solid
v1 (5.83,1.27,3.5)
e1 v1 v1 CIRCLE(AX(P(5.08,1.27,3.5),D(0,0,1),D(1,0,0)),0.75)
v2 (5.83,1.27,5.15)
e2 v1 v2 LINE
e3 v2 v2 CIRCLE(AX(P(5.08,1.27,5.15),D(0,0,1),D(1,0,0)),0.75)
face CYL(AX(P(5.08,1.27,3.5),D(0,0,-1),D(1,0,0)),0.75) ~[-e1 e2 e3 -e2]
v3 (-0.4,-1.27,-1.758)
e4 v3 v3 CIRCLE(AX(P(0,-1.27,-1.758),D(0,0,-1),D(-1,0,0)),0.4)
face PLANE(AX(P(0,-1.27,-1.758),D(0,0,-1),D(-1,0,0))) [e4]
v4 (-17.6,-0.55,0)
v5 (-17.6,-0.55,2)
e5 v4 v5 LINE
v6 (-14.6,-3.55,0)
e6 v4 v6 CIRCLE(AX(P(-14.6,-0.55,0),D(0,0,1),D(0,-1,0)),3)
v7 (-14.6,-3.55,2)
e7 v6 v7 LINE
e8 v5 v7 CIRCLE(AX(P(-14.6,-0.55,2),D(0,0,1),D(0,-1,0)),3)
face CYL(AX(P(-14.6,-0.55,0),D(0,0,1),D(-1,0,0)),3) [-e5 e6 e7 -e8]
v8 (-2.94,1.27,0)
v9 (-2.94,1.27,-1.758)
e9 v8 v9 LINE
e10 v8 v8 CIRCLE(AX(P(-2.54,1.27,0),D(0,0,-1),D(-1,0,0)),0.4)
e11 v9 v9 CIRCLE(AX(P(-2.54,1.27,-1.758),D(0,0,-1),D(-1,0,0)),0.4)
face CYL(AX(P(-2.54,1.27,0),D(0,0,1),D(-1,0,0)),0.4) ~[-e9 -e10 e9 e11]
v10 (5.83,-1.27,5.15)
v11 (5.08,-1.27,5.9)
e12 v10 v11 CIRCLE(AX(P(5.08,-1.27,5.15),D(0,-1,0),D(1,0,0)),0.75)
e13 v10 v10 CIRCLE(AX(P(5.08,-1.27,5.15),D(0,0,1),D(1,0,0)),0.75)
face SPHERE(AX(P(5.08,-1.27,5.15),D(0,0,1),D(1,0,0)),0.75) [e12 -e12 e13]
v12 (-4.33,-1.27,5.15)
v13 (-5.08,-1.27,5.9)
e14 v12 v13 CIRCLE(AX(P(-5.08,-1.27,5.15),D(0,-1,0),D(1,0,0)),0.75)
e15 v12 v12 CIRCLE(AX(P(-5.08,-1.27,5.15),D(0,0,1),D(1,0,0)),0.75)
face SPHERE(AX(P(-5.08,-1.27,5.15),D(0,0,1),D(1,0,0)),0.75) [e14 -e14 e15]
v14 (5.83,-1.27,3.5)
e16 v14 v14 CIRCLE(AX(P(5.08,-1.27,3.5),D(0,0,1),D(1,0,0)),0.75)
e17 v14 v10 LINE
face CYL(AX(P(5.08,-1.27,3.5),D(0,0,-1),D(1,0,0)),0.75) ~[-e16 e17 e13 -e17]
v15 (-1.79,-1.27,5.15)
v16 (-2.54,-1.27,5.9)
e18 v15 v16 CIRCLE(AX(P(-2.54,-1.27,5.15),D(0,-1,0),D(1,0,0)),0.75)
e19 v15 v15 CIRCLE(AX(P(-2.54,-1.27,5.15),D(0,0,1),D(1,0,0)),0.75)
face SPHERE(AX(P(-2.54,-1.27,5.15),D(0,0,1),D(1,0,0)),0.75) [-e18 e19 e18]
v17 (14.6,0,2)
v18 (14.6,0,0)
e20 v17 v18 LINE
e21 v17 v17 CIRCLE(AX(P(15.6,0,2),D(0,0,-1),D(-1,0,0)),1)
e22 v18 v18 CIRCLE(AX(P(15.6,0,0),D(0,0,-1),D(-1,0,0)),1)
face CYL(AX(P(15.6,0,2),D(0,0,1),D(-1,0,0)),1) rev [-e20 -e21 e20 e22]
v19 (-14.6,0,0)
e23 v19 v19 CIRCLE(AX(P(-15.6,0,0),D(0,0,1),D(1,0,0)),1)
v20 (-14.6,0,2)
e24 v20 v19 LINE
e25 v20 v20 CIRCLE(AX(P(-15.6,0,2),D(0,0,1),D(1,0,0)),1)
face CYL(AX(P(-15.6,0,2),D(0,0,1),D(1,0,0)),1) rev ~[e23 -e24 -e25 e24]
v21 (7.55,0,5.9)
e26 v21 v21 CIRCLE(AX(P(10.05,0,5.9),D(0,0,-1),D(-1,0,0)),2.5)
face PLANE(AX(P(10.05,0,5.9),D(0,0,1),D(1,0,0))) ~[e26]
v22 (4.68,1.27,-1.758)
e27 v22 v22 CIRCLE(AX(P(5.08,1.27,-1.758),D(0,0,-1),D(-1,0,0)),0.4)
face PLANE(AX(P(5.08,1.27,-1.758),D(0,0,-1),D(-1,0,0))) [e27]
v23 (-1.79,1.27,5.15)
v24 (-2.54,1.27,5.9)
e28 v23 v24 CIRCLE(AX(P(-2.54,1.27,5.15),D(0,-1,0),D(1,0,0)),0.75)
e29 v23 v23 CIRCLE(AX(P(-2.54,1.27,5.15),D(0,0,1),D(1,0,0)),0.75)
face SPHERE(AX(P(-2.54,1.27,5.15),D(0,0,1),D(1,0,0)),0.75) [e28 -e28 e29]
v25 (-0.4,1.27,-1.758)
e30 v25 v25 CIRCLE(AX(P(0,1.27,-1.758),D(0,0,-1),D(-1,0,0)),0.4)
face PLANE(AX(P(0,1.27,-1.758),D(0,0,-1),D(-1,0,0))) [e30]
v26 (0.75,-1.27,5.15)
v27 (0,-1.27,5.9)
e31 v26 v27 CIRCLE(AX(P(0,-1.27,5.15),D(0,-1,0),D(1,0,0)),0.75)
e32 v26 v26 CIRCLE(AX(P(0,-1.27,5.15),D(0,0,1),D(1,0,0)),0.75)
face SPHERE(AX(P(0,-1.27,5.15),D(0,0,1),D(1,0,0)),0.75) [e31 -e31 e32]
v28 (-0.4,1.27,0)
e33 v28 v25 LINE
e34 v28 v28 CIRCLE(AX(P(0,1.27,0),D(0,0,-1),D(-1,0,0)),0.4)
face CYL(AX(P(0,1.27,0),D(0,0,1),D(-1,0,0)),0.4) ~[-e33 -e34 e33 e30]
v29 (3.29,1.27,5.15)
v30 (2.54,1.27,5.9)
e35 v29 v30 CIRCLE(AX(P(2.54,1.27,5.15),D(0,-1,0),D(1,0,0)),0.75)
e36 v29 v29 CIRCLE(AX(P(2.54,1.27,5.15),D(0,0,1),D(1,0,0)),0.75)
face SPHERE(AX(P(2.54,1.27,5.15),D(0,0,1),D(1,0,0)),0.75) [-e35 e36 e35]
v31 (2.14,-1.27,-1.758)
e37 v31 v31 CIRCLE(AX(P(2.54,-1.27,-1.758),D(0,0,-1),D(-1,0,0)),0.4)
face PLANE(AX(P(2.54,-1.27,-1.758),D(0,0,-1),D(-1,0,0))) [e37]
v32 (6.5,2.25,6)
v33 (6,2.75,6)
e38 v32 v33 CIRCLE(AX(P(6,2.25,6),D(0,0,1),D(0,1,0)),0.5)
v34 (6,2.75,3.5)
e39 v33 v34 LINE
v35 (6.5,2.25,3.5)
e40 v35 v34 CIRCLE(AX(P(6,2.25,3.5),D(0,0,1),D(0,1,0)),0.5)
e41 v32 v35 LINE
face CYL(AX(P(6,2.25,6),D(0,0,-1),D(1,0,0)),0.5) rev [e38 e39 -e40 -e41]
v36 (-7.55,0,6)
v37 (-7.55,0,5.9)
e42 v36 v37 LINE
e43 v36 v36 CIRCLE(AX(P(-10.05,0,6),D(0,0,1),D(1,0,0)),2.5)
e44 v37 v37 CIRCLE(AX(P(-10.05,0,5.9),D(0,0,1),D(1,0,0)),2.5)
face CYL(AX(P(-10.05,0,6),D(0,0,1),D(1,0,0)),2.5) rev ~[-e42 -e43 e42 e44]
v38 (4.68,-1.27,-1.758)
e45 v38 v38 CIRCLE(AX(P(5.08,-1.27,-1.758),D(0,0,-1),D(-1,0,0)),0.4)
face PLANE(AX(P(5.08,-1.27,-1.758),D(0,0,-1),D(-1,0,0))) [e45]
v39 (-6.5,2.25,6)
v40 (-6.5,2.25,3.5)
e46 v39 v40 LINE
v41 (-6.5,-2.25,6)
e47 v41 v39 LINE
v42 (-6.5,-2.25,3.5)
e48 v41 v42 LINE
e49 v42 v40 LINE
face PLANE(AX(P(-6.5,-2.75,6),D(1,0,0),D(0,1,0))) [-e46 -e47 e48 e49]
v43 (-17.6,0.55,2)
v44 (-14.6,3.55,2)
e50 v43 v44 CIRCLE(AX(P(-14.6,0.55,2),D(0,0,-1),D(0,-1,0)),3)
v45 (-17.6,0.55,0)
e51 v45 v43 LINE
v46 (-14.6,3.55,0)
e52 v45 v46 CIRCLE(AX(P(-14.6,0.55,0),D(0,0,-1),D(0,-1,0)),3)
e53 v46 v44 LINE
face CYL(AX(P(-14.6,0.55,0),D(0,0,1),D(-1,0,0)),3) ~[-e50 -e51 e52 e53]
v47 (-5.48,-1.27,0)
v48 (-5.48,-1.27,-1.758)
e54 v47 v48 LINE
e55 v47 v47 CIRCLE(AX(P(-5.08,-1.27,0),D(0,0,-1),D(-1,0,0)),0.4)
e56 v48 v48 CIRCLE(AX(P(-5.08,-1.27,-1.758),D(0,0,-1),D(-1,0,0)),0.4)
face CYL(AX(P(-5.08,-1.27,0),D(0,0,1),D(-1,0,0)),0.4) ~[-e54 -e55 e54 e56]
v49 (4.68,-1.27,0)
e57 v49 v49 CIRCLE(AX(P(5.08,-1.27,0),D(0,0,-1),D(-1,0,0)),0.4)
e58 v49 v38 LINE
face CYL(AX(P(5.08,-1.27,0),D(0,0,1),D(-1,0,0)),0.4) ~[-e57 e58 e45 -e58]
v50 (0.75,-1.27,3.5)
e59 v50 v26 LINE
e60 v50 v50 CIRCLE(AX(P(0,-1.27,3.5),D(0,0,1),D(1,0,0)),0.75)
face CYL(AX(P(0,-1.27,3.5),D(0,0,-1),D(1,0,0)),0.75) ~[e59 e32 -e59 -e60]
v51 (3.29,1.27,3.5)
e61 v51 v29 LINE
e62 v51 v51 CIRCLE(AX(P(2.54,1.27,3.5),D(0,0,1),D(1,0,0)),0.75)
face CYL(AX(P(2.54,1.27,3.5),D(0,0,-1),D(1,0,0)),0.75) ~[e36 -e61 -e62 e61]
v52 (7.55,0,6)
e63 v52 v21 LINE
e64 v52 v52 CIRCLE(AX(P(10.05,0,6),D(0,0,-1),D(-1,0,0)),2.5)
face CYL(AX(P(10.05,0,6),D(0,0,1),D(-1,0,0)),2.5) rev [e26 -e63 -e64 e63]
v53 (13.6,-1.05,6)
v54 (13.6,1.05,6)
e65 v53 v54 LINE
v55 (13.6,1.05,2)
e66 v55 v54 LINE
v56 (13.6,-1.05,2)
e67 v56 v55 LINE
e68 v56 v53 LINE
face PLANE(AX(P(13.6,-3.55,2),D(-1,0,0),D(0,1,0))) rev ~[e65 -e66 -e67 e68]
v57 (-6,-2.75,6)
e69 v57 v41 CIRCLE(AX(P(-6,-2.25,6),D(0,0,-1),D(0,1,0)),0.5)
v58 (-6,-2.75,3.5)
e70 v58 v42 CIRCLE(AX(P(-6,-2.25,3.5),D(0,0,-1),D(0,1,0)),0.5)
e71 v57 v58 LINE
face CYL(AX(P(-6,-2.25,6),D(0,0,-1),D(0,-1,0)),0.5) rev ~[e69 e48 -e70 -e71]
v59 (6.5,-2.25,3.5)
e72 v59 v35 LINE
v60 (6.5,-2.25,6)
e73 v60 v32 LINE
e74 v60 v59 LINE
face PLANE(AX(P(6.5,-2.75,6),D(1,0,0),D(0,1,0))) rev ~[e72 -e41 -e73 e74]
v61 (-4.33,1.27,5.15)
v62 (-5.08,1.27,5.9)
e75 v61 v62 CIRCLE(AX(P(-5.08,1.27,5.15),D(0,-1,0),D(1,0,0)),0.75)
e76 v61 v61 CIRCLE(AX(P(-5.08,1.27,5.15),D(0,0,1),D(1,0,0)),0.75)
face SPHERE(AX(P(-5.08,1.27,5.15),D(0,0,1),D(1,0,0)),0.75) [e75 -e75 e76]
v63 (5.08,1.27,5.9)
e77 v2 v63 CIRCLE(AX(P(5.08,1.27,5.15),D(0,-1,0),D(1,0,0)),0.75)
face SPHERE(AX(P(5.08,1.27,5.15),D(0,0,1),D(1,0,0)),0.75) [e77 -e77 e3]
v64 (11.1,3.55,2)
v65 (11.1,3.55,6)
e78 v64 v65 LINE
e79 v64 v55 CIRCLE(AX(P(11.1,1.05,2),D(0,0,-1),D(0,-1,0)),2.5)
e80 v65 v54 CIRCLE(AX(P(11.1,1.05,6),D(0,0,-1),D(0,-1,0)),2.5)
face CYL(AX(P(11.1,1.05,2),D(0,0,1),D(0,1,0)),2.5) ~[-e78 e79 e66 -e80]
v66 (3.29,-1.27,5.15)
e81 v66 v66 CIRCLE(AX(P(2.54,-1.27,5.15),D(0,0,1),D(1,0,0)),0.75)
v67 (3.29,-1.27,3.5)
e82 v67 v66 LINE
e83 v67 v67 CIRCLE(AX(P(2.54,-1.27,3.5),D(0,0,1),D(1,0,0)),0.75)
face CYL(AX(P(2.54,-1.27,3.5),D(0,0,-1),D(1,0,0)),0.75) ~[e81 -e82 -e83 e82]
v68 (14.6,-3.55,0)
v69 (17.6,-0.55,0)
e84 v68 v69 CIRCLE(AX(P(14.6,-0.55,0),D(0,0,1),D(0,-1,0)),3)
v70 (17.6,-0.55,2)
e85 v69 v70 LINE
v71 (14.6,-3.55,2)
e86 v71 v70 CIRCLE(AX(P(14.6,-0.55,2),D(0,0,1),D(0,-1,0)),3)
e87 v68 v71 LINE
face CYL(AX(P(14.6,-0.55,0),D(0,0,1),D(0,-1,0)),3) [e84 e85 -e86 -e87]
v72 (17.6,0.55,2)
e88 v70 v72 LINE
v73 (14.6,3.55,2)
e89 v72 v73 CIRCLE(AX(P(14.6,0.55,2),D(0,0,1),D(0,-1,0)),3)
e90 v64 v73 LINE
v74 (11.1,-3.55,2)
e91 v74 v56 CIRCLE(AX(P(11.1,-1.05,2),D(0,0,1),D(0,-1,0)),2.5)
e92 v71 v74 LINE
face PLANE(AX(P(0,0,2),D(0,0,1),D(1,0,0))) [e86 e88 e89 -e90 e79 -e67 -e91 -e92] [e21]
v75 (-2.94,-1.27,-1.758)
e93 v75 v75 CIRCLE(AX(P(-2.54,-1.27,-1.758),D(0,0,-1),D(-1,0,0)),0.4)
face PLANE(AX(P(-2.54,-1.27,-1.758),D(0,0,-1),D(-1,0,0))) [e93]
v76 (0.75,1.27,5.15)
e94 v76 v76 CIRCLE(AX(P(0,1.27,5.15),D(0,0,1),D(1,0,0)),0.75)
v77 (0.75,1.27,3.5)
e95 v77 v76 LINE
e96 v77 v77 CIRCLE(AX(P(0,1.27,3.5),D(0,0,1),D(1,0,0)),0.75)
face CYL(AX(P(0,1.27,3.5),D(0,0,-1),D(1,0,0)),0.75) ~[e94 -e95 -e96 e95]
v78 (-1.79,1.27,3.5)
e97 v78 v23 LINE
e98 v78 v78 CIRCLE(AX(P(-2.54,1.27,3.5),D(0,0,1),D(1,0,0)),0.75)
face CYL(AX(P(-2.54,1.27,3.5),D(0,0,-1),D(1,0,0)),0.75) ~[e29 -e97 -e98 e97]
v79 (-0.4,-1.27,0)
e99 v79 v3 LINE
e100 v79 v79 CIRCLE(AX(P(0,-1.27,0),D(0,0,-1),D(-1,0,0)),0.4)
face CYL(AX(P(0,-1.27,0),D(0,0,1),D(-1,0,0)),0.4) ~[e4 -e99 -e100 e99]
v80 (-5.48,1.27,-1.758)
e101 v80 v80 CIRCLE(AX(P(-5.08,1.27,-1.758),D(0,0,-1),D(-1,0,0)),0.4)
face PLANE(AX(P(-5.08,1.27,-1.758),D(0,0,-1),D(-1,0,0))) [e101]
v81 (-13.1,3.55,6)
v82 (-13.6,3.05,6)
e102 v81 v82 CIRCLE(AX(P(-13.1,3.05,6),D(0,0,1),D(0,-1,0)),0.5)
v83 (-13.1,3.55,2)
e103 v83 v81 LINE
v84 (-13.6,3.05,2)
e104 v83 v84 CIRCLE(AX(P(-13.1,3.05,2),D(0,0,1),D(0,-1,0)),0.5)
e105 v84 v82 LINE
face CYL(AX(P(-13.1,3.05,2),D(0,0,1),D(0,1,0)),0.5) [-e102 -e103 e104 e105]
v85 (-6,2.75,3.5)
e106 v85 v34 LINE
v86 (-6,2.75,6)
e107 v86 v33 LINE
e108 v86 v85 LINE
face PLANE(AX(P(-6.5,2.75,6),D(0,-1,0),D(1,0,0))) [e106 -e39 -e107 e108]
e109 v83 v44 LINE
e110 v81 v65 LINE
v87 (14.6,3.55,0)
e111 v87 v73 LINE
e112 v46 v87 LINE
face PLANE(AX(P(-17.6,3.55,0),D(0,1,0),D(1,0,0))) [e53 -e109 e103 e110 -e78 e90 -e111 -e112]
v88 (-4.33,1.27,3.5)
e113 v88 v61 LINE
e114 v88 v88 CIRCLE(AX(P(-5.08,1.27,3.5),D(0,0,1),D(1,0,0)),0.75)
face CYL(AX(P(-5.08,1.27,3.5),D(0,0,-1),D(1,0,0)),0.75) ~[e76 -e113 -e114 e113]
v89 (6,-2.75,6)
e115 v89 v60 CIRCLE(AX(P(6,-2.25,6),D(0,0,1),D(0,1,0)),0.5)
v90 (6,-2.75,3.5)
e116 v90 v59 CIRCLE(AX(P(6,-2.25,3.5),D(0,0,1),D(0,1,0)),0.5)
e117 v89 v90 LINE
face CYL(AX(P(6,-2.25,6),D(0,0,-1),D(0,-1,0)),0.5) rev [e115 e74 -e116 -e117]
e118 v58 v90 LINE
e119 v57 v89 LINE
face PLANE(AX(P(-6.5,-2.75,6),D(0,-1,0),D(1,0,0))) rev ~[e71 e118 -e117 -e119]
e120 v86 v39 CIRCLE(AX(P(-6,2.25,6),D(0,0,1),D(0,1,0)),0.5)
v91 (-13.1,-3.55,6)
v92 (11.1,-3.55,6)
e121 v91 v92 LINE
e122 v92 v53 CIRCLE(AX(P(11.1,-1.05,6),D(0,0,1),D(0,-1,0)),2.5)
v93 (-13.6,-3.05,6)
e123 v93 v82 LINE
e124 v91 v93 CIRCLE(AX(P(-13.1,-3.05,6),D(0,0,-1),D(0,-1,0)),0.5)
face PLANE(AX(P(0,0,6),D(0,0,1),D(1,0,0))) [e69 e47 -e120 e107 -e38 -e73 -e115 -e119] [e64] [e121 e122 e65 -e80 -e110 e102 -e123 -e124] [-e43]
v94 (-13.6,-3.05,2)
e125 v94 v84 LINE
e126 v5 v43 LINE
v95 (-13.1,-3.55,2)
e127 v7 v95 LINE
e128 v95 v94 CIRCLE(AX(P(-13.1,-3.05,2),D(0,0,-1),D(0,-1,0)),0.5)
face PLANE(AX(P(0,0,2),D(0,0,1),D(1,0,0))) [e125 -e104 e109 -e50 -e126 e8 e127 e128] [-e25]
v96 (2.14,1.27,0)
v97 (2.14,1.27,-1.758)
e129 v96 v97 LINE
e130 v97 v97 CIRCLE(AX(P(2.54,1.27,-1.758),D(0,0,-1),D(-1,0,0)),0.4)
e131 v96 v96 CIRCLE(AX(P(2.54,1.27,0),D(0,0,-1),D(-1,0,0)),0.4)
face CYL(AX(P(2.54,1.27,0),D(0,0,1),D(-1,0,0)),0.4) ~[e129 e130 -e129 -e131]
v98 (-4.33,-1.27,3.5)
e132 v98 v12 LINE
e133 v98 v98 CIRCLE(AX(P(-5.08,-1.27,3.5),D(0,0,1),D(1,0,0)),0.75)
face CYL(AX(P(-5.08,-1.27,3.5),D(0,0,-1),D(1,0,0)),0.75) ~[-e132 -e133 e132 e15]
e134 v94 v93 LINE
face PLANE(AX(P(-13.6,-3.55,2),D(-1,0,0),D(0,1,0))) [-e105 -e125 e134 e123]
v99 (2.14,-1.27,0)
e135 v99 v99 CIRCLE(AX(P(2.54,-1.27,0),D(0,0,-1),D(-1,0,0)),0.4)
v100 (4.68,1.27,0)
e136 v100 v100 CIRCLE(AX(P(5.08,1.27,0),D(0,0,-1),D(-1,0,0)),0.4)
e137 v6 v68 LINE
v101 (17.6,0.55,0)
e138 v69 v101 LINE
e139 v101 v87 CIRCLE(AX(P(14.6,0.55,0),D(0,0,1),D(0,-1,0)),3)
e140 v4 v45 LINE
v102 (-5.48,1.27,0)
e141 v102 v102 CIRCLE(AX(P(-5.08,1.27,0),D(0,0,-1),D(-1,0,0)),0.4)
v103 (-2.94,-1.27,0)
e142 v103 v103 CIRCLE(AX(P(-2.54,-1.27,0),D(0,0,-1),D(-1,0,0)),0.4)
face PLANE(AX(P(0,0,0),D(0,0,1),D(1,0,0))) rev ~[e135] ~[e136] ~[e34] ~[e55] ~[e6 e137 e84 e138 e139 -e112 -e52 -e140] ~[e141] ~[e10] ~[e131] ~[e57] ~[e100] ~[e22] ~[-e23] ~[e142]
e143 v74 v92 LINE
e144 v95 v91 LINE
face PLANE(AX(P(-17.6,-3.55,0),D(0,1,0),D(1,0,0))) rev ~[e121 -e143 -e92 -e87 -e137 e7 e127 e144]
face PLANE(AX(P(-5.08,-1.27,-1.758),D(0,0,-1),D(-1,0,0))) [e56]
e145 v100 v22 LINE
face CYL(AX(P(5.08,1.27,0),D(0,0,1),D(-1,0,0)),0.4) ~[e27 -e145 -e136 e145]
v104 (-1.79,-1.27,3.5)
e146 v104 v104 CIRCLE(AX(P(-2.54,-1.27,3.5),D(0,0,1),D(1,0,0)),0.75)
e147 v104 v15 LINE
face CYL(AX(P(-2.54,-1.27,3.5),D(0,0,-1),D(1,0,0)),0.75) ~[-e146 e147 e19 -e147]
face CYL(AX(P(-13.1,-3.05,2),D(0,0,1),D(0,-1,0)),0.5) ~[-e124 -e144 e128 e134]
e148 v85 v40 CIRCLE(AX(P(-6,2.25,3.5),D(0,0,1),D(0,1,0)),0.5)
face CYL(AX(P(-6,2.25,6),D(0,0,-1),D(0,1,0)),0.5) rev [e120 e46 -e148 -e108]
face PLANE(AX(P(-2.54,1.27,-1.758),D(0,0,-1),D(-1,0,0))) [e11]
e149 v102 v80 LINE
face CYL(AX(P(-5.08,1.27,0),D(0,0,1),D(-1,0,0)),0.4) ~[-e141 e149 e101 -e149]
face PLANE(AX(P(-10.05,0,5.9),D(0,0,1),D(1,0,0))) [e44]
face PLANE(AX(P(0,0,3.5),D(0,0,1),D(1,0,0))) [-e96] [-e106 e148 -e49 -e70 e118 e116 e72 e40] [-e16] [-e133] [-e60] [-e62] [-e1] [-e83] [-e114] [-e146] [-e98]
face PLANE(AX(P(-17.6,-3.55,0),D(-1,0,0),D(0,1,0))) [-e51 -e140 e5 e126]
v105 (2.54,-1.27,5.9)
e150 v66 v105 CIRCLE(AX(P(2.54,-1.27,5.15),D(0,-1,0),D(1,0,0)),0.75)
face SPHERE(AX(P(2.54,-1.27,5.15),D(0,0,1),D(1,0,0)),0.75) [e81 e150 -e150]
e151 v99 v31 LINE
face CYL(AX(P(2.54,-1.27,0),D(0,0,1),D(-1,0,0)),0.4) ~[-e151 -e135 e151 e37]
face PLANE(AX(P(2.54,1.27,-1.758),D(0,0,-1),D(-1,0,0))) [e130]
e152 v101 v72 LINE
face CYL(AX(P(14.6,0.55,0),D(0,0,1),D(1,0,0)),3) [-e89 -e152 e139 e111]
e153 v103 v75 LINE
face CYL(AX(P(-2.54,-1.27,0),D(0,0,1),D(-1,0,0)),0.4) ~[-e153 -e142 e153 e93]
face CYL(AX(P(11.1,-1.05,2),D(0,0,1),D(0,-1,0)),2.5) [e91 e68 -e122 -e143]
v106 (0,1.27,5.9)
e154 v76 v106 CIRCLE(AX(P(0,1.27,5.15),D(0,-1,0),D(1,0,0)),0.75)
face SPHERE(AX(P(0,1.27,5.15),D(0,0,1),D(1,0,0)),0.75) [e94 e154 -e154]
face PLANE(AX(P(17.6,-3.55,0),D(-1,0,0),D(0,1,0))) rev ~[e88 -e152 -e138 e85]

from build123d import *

# Parameters (mm, degrees)
ESQUISSE1_W                      = 35.2
ESQUISSE1_H                      = 7.1
BOSS_EXTRU_1_DEPTH               = 2
CONG_1_R                         = 3
ESQUISSE2_R                      = 1
ENL_V_MAT_EXTRU_1_DEPTH          = 2
ESQUISSE3_W                      = 27.2
ESQUISSE3_H                      = 7.1
BOSS_EXTRU_2_DEPTH               = 4
ESQUISSE4_W                      = 13
ESQUISSE4_H                      = 5.5
ENL_V_MAT_EXTRU_2_DEPTH          = 2.5
CONG_2_R                         = 0.5
ESQUISSE5_R                      = 0.75
BOSS_EXTRU_3_DEPTH               = 2.4
CONG_3_R                         = 0.75
ESQUISSE6_R                      = 0.4
BOSS_EXTRU_4_DEPTH               = 1.758
R_P_TITION_LIN_AIRE1_COUNT       = 2
R_P_TITION_LIN_AIRE1_PITCH       = 2.54
R_P_TITION_LIN_AIRE1_COUNT_DIR2  = 5
R_P_TITION_LIN_AIRE1_PITCH_DIR2  = 2.54
CONG_3_OF_R_P_TITION_LIN_AIRE1_R = 0.75
ESQUISSE7_R                      = 2.5
ENL_V_MAT_EXTRU_3_DEPTH          = 0.1
CONG_4_R                         = 2.5


with BuildPart() as part:
    # Esquisse1 → Boss.-Extru.1 (new body)
    with BuildSketch(Plane.XY):
        Rectangle(ESQUISSE1_W, ESQUISSE1_H)
    extrude(amount=BOSS_EXTRU_1_DEPTH)

    # Congé1
    cong_1_edges = [part.edges().sort_by_distance(p)[0] for p in [
        (-17.6, 3.55, 1),
        (17.6, 3.55, 1),
        (17.6, -3.55, 1),
        (-17.6, -3.55, 1),
    ]]
    fillet(cong_1_edges, radius=CONG_1_R)

    # Esquisse2 → Enlèv. mat.-Extru.1 (cut)
    with BuildSketch(Plane.XY.offset(2)):
        with Locations((-15.6, 0)):
            Circle(ESQUISSE2_R)
    enl_v_mat_extru_1 = extrude(amount=-ENL_V_MAT_EXTRU_1_DEPTH, mode=Mode.SUBTRACT)

    # Symétrie1: Enlèv. mat.-Extru.1 across plane
    add(enl_v_mat_extru_1.mirror(Plane(origin=(0, 0, 0), x_dir=(0, 0, 1), z_dir=(1, 0, 0))), mode=Mode.SUBTRACT)

    # Esquisse3 → Boss.-Extru.2 (add)
    with BuildSketch(Plane.XY.offset(2)):
        Rectangle(ESQUISSE3_W, ESQUISSE3_H)
    extrude(amount=BOSS_EXTRU_2_DEPTH)

    # Esquisse4 → Enlèv. mat.-Extru.2 (cut)
    with BuildSketch(Plane.XY.offset(6)):
        Rectangle(ESQUISSE4_W, ESQUISSE4_H)
    extrude(amount=-ENL_V_MAT_EXTRU_2_DEPTH, mode=Mode.SUBTRACT)

    # Congé2
    cong_2_edges = [part.edges().sort_by_distance(p)[0] for p in [
        (-13.6, 3.55, 4),
        (-13.6, -3.55, 4),
        (-6.5, -2.75, 4.75),
        (-6.5, 2.75, 4.75),
        (6.5, 2.75, 4.75),
        (6.5, -2.75, 4.75),
    ]]
    fillet(cong_2_edges, radius=CONG_2_R)

    # Esquisse5 → Boss.-Extru.3 (add)
    with BuildSketch(Plane.XY.offset(3.5)):
        with Locations((-5.08, 1.27)):
            Circle(ESQUISSE5_R)
    boss_extru_3 = extrude(amount=BOSS_EXTRU_3_DEPTH)

    # Congé3
    cong_3_edges = [part.edges().sort_by_distance(p)[0] for p in [
        (-5.83, 1.27, 5.9),
    ]]
    fillet(cong_3_edges, radius=CONG_3_R)

    # Esquisse6 → Boss.-Extru.4 (add)
    with BuildSketch(Plane(origin=(0, 0, 0), x_dir=(-1, 0, 0), z_dir=(0, 0, -1))):
        with Locations((5.08, 1.27)):
            Circle(ESQUISSE6_R)
    boss_extru_4 = extrude(amount=BOSS_EXTRU_4_DEPTH)

    # Répétition linéaire1: Boss.-Extru.3, Boss.-Extru.4 2 × 5
    with Locations(*[(j * R_P_TITION_LIN_AIRE1_PITCH_DIR2, -i * R_P_TITION_LIN_AIRE1_PITCH, 0) for i in range(R_P_TITION_LIN_AIRE1_COUNT) for j in range(R_P_TITION_LIN_AIRE1_COUNT_DIR2) if (i, j) != (0, 0)]):
        add(boss_extru_3)
        add(boss_extru_4)

    # Congé3 of Répétition linéaire1
    cong_3_of_r_p_tition_lin_aire1_edges = [part.edges().sort_by_distance(p)[0] for p in [
        (-3.29, 1.27, 5.9),
        (-0.75, 1.27, 5.9),
        (1.79, 1.27, 5.9),
        (4.33, 1.27, 5.9),
        (-5.83, -1.27, 5.9),
        (-3.29, -1.27, 5.9),
        (-0.75, -1.27, 5.9),
        (1.79, -1.27, 5.9),
        (4.33, -1.27, 5.9),
    ]]
    fillet(cong_3_of_r_p_tition_lin_aire1_edges, radius=CONG_3_OF_R_P_TITION_LIN_AIRE1_R)

    # Esquisse7 → Enlèv. mat.-Extru.3 (cut)
    with BuildSketch(Plane.XY.offset(6)):
        with Locations((-10.05, 0)):
            Circle(ESQUISSE7_R)
    enl_v_mat_extru_3 = extrude(amount=-ENL_V_MAT_EXTRU_3_DEPTH, mode=Mode.SUBTRACT)

    # Symétrie2: Enlèv. mat.-Extru.3 across plane
    add(enl_v_mat_extru_3.mirror(Plane(origin=(0, 0, 0), x_dir=(0, 0, 1), z_dir=(1, 0, 0))), mode=Mode.SUBTRACT)

    # Congé4
    cong_4_edges = [part.edges().sort_by_distance(p)[0] for p in [
        (13.6, -3.55, 4),
        (13.6, 3.55, 4),
    ]]
    fillet(cong_4_edges, radius=CONG_4_R)


solid = part.part
